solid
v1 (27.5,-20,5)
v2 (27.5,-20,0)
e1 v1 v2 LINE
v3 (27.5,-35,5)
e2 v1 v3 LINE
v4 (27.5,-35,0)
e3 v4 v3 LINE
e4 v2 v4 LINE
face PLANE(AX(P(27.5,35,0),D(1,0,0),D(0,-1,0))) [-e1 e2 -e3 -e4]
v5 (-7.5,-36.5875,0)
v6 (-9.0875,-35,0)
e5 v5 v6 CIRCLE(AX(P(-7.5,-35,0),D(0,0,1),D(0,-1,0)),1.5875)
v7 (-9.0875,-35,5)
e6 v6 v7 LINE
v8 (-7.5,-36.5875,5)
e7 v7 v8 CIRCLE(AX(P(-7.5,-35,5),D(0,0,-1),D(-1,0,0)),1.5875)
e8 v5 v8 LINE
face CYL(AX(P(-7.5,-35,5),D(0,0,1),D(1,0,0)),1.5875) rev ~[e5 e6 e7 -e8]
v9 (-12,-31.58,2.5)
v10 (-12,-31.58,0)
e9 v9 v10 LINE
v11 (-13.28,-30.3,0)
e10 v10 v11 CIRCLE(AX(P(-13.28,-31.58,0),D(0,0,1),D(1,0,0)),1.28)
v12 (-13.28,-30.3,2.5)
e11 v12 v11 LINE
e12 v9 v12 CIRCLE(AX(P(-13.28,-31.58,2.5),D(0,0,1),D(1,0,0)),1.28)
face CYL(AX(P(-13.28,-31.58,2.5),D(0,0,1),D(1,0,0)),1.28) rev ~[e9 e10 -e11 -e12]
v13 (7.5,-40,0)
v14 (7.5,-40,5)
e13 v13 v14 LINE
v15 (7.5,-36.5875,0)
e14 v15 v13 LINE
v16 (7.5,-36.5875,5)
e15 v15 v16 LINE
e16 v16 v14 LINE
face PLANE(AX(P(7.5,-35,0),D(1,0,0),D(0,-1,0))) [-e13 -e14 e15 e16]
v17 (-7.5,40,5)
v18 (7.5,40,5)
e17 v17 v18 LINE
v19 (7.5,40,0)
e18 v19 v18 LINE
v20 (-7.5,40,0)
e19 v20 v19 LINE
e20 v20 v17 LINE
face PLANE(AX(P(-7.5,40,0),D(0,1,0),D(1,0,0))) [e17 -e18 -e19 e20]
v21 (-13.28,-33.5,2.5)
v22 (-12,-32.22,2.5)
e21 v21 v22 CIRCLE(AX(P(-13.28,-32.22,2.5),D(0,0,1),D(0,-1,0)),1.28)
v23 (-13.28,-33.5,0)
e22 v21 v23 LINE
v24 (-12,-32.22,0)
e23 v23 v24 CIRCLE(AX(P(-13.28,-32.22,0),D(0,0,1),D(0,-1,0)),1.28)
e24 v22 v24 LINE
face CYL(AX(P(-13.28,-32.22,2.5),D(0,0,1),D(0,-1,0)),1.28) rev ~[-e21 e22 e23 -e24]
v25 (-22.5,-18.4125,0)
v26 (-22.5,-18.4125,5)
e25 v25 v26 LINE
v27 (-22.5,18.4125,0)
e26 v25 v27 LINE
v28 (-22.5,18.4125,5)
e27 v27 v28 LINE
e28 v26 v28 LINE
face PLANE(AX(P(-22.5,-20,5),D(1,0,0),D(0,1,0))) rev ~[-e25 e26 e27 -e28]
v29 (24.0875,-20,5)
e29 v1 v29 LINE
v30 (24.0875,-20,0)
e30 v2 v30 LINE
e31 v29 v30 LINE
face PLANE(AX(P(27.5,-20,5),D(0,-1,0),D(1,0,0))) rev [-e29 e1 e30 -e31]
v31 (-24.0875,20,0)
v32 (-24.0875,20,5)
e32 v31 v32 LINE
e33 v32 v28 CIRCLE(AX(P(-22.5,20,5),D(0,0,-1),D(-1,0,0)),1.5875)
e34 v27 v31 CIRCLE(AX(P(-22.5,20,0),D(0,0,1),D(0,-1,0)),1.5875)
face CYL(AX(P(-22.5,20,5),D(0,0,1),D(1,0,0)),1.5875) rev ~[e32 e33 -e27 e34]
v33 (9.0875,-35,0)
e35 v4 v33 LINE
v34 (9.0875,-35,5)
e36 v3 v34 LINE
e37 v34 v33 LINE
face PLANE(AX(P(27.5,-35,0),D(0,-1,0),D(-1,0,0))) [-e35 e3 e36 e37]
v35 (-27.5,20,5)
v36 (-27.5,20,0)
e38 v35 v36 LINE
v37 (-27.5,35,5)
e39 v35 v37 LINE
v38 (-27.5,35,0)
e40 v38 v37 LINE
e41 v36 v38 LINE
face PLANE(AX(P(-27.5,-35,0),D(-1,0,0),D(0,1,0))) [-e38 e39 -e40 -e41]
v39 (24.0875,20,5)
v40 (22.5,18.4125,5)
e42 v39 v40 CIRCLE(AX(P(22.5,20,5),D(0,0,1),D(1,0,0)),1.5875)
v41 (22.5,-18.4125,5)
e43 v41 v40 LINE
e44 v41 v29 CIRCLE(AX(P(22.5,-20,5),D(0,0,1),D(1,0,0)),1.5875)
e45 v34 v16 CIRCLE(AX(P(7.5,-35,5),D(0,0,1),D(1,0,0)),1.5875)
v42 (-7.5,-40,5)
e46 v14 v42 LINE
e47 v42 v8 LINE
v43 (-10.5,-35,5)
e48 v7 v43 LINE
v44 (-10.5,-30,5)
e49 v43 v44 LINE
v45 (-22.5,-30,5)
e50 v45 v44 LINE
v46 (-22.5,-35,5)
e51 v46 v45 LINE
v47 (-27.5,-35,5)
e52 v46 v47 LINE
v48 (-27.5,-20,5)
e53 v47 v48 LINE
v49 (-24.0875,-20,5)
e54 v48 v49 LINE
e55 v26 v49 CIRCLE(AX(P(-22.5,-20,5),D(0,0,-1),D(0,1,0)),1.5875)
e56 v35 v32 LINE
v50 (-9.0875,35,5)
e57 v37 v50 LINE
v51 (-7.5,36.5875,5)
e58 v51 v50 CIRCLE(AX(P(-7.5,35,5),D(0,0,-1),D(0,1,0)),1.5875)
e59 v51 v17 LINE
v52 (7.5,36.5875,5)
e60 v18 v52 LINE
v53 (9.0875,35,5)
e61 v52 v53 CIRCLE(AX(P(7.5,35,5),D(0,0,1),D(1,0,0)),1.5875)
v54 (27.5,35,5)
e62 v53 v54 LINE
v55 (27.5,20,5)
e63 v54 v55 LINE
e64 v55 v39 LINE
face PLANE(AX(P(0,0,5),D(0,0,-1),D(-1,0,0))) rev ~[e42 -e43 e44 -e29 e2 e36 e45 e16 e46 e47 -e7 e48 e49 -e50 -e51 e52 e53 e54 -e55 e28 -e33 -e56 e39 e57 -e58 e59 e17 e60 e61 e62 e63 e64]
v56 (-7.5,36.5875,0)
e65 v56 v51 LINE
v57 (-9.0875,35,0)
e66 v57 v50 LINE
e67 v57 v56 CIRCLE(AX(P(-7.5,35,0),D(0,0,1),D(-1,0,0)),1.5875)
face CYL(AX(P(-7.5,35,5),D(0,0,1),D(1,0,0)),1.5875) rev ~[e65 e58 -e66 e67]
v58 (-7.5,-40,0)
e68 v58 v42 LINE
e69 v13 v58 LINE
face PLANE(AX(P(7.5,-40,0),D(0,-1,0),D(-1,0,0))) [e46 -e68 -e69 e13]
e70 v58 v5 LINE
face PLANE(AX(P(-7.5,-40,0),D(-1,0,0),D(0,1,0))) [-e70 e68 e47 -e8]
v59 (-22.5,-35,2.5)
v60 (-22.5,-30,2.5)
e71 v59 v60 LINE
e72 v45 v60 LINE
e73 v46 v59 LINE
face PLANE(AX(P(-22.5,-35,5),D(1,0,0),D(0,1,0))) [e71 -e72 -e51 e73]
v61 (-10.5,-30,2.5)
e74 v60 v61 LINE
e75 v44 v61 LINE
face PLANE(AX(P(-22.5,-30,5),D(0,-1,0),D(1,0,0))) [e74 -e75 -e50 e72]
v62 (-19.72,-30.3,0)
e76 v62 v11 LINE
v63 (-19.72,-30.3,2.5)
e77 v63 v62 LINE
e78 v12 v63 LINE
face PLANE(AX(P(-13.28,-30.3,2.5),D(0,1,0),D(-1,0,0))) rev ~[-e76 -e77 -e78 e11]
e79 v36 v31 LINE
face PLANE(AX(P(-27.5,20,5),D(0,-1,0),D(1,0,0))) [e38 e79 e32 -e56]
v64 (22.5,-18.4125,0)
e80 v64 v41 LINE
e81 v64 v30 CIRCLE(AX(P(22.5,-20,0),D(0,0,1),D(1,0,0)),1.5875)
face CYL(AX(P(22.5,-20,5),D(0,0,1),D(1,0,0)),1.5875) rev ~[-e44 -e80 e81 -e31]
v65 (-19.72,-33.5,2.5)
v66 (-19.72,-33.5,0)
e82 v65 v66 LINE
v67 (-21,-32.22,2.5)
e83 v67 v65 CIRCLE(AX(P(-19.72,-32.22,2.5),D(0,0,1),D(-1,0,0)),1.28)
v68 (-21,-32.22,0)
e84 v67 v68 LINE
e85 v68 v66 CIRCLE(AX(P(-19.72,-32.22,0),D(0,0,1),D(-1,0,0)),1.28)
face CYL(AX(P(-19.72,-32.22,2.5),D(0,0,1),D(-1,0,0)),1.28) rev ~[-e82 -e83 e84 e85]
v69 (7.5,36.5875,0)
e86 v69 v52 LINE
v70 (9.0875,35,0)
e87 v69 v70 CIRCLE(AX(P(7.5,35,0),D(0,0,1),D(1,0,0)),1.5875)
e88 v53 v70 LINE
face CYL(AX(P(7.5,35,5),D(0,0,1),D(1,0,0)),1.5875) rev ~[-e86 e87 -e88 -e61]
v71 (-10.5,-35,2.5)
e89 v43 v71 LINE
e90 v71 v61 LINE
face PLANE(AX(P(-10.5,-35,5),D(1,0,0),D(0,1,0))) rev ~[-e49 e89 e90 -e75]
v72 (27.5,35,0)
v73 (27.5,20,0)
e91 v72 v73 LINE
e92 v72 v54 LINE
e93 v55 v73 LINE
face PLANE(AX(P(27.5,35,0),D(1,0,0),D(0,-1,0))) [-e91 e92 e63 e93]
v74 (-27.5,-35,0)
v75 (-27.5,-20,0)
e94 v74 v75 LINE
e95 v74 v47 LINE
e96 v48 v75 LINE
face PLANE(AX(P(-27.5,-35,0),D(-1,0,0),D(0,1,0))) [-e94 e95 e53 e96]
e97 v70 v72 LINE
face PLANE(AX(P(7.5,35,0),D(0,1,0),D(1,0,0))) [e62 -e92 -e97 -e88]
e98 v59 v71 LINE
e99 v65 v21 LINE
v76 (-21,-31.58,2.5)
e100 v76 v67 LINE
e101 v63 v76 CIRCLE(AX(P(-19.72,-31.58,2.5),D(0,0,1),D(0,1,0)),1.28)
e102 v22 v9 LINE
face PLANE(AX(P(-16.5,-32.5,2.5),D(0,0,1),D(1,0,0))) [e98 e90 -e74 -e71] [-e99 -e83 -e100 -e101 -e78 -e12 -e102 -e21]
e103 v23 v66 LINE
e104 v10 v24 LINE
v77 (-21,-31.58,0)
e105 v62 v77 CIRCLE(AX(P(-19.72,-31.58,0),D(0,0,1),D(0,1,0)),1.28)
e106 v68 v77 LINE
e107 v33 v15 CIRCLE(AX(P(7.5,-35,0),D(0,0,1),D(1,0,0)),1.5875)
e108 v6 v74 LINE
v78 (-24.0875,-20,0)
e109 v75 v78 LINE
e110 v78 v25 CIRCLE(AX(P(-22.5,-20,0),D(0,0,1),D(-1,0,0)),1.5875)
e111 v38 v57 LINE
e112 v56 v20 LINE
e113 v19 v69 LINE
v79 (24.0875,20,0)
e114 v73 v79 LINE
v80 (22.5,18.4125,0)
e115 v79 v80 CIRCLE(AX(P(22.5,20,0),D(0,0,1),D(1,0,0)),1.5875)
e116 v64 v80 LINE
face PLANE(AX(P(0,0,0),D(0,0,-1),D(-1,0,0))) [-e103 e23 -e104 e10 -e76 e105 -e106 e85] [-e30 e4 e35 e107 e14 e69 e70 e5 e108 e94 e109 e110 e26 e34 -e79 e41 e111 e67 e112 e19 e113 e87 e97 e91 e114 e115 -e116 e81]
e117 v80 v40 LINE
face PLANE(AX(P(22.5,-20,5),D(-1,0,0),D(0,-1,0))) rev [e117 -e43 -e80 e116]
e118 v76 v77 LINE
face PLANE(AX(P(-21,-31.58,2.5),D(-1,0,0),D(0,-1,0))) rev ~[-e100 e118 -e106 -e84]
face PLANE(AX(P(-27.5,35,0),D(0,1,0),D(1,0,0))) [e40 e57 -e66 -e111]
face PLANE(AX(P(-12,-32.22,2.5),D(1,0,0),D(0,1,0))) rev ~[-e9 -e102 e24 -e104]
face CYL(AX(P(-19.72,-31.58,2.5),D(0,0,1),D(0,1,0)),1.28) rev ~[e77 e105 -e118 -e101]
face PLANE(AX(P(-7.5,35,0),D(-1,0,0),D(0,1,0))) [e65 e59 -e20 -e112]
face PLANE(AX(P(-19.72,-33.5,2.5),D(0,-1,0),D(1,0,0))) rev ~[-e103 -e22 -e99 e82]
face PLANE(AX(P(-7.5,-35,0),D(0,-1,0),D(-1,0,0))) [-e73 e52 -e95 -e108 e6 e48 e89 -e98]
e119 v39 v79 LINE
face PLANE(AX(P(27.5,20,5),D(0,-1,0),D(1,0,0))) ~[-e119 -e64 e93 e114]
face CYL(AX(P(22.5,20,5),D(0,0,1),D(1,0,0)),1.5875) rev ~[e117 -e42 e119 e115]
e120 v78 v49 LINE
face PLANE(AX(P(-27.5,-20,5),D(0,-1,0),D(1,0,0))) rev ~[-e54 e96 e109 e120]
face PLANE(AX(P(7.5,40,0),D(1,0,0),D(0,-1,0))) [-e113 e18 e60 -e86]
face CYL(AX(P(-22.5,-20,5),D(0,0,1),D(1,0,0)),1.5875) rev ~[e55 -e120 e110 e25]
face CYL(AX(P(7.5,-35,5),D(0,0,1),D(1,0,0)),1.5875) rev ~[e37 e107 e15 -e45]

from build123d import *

# Parameters (mm, degrees)
BOSS_EXTRUDE2_DEPTH = 5
SKETCH3_W           = 5
SKETCH3_H           = 40
CUT_EXTRUDE1_DEPTH  = 5
SKETCH5_W           = 12
SKETCH5_H           = 5
CUT_EXTRUDE2_DEPTH  = 2.5
CUT_EXTRUDE3_DEPTH  = 3.5
SKETCH7_R           = 1.5875
CUT_EXTRUDE4_DEPTH  = 6


with BuildPart() as part:
    # Sketch2 → Boss-Extrude2 (new body)
    with BuildSketch(Plane.XY):
        Polygon((-7.5, 40), (7.5, 40), (7.5, 35), (27.5, 35), (27.5, -35), (7.5, -35), (7.5, -40), (-7.5, -40), (-7.5, -35), (-27.5, -35), (-27.5, 35), (-7.5, 35), align=None)
    extrude(amount=BOSS_EXTRUDE2_DEPTH)

    # Sketch3 → Cut-Extrude1 (cut)
    with BuildSketch(Plane.XY.offset(5)):
        with Locations((-25, 0)):
            Rectangle(SKETCH3_W, SKETCH3_H)
    cut_extrude1 = extrude(amount=-CUT_EXTRUDE1_DEPTH, mode=Mode.SUBTRACT)

    # Mirror1: Cut-Extrude1 across plane
    add(cut_extrude1.mirror(Plane(origin=(0, 0, 0), x_dir=(0, 0, 1), z_dir=(1, 0, 0))), mode=Mode.SUBTRACT)

    # Sketch5 → Cut-Extrude2 (cut)
    with BuildSketch(Plane.XY.offset(5)):
        with Locations((-16.5, -32.5)):
            Rectangle(SKETCH5_W, SKETCH5_H)
    extrude(amount=-CUT_EXTRUDE2_DEPTH, mode=Mode.SUBTRACT)

    # Sketch6 → Cut-Extrude3 (cut, through all)
    with BuildSketch(Plane.XY.offset(2.5)):
        with BuildLine():
            Line((-19.72, -33.5), (-13.28, -33.5))
            ThreePointArc((-13.28, -33.5), (-12.37490332, -33.12509668), (-12, -32.22))
            Line((-12, -32.22), (-12, -31.58))
            ThreePointArc((-12, -31.58), (-12.37490332, -30.67490332), (-13.28, -30.3))
            Line((-13.28, -30.3), (-19.72, -30.3))
            ThreePointArc((-19.72, -30.3), (-20.62509668, -30.67490332), (-21, -31.58))
            Line((-21, -31.58), (-21, -32.22))
            ThreePointArc((-21, -32.22), (-20.62509668, -33.12509668), (-19.72, -33.5))
        make_face()
    extrude(amount=-CUT_EXTRUDE3_DEPTH, mode=Mode.SUBTRACT)

    # Sketch7 → Cut-Extrude4 (cut, through all)
    with BuildSketch(Plane.XY.offset(5)):
        with Locations((-7.5, 35)):
            Circle(SKETCH7_R)
        with Locations((7.5, 35)):
            Circle(SKETCH7_R)
        with Locations((22.5, 20)):
            Circle(SKETCH7_R)
        with Locations((-22.5, 20)):
            Circle(SKETCH7_R)
        with Locations((-22.5, -20)):
            Circle(SKETCH7_R)
        with Locations((-7.5, -35)):
            Circle(SKETCH7_R)
        with Locations((7.5, -35)):
            Circle(SKETCH7_R)
        with Locations((22.5, -20)):
            Circle(SKETCH7_R)
    extrude(amount=-CUT_EXTRUDE4_DEPTH, mode=Mode.SUBTRACT)


solid = part.part
